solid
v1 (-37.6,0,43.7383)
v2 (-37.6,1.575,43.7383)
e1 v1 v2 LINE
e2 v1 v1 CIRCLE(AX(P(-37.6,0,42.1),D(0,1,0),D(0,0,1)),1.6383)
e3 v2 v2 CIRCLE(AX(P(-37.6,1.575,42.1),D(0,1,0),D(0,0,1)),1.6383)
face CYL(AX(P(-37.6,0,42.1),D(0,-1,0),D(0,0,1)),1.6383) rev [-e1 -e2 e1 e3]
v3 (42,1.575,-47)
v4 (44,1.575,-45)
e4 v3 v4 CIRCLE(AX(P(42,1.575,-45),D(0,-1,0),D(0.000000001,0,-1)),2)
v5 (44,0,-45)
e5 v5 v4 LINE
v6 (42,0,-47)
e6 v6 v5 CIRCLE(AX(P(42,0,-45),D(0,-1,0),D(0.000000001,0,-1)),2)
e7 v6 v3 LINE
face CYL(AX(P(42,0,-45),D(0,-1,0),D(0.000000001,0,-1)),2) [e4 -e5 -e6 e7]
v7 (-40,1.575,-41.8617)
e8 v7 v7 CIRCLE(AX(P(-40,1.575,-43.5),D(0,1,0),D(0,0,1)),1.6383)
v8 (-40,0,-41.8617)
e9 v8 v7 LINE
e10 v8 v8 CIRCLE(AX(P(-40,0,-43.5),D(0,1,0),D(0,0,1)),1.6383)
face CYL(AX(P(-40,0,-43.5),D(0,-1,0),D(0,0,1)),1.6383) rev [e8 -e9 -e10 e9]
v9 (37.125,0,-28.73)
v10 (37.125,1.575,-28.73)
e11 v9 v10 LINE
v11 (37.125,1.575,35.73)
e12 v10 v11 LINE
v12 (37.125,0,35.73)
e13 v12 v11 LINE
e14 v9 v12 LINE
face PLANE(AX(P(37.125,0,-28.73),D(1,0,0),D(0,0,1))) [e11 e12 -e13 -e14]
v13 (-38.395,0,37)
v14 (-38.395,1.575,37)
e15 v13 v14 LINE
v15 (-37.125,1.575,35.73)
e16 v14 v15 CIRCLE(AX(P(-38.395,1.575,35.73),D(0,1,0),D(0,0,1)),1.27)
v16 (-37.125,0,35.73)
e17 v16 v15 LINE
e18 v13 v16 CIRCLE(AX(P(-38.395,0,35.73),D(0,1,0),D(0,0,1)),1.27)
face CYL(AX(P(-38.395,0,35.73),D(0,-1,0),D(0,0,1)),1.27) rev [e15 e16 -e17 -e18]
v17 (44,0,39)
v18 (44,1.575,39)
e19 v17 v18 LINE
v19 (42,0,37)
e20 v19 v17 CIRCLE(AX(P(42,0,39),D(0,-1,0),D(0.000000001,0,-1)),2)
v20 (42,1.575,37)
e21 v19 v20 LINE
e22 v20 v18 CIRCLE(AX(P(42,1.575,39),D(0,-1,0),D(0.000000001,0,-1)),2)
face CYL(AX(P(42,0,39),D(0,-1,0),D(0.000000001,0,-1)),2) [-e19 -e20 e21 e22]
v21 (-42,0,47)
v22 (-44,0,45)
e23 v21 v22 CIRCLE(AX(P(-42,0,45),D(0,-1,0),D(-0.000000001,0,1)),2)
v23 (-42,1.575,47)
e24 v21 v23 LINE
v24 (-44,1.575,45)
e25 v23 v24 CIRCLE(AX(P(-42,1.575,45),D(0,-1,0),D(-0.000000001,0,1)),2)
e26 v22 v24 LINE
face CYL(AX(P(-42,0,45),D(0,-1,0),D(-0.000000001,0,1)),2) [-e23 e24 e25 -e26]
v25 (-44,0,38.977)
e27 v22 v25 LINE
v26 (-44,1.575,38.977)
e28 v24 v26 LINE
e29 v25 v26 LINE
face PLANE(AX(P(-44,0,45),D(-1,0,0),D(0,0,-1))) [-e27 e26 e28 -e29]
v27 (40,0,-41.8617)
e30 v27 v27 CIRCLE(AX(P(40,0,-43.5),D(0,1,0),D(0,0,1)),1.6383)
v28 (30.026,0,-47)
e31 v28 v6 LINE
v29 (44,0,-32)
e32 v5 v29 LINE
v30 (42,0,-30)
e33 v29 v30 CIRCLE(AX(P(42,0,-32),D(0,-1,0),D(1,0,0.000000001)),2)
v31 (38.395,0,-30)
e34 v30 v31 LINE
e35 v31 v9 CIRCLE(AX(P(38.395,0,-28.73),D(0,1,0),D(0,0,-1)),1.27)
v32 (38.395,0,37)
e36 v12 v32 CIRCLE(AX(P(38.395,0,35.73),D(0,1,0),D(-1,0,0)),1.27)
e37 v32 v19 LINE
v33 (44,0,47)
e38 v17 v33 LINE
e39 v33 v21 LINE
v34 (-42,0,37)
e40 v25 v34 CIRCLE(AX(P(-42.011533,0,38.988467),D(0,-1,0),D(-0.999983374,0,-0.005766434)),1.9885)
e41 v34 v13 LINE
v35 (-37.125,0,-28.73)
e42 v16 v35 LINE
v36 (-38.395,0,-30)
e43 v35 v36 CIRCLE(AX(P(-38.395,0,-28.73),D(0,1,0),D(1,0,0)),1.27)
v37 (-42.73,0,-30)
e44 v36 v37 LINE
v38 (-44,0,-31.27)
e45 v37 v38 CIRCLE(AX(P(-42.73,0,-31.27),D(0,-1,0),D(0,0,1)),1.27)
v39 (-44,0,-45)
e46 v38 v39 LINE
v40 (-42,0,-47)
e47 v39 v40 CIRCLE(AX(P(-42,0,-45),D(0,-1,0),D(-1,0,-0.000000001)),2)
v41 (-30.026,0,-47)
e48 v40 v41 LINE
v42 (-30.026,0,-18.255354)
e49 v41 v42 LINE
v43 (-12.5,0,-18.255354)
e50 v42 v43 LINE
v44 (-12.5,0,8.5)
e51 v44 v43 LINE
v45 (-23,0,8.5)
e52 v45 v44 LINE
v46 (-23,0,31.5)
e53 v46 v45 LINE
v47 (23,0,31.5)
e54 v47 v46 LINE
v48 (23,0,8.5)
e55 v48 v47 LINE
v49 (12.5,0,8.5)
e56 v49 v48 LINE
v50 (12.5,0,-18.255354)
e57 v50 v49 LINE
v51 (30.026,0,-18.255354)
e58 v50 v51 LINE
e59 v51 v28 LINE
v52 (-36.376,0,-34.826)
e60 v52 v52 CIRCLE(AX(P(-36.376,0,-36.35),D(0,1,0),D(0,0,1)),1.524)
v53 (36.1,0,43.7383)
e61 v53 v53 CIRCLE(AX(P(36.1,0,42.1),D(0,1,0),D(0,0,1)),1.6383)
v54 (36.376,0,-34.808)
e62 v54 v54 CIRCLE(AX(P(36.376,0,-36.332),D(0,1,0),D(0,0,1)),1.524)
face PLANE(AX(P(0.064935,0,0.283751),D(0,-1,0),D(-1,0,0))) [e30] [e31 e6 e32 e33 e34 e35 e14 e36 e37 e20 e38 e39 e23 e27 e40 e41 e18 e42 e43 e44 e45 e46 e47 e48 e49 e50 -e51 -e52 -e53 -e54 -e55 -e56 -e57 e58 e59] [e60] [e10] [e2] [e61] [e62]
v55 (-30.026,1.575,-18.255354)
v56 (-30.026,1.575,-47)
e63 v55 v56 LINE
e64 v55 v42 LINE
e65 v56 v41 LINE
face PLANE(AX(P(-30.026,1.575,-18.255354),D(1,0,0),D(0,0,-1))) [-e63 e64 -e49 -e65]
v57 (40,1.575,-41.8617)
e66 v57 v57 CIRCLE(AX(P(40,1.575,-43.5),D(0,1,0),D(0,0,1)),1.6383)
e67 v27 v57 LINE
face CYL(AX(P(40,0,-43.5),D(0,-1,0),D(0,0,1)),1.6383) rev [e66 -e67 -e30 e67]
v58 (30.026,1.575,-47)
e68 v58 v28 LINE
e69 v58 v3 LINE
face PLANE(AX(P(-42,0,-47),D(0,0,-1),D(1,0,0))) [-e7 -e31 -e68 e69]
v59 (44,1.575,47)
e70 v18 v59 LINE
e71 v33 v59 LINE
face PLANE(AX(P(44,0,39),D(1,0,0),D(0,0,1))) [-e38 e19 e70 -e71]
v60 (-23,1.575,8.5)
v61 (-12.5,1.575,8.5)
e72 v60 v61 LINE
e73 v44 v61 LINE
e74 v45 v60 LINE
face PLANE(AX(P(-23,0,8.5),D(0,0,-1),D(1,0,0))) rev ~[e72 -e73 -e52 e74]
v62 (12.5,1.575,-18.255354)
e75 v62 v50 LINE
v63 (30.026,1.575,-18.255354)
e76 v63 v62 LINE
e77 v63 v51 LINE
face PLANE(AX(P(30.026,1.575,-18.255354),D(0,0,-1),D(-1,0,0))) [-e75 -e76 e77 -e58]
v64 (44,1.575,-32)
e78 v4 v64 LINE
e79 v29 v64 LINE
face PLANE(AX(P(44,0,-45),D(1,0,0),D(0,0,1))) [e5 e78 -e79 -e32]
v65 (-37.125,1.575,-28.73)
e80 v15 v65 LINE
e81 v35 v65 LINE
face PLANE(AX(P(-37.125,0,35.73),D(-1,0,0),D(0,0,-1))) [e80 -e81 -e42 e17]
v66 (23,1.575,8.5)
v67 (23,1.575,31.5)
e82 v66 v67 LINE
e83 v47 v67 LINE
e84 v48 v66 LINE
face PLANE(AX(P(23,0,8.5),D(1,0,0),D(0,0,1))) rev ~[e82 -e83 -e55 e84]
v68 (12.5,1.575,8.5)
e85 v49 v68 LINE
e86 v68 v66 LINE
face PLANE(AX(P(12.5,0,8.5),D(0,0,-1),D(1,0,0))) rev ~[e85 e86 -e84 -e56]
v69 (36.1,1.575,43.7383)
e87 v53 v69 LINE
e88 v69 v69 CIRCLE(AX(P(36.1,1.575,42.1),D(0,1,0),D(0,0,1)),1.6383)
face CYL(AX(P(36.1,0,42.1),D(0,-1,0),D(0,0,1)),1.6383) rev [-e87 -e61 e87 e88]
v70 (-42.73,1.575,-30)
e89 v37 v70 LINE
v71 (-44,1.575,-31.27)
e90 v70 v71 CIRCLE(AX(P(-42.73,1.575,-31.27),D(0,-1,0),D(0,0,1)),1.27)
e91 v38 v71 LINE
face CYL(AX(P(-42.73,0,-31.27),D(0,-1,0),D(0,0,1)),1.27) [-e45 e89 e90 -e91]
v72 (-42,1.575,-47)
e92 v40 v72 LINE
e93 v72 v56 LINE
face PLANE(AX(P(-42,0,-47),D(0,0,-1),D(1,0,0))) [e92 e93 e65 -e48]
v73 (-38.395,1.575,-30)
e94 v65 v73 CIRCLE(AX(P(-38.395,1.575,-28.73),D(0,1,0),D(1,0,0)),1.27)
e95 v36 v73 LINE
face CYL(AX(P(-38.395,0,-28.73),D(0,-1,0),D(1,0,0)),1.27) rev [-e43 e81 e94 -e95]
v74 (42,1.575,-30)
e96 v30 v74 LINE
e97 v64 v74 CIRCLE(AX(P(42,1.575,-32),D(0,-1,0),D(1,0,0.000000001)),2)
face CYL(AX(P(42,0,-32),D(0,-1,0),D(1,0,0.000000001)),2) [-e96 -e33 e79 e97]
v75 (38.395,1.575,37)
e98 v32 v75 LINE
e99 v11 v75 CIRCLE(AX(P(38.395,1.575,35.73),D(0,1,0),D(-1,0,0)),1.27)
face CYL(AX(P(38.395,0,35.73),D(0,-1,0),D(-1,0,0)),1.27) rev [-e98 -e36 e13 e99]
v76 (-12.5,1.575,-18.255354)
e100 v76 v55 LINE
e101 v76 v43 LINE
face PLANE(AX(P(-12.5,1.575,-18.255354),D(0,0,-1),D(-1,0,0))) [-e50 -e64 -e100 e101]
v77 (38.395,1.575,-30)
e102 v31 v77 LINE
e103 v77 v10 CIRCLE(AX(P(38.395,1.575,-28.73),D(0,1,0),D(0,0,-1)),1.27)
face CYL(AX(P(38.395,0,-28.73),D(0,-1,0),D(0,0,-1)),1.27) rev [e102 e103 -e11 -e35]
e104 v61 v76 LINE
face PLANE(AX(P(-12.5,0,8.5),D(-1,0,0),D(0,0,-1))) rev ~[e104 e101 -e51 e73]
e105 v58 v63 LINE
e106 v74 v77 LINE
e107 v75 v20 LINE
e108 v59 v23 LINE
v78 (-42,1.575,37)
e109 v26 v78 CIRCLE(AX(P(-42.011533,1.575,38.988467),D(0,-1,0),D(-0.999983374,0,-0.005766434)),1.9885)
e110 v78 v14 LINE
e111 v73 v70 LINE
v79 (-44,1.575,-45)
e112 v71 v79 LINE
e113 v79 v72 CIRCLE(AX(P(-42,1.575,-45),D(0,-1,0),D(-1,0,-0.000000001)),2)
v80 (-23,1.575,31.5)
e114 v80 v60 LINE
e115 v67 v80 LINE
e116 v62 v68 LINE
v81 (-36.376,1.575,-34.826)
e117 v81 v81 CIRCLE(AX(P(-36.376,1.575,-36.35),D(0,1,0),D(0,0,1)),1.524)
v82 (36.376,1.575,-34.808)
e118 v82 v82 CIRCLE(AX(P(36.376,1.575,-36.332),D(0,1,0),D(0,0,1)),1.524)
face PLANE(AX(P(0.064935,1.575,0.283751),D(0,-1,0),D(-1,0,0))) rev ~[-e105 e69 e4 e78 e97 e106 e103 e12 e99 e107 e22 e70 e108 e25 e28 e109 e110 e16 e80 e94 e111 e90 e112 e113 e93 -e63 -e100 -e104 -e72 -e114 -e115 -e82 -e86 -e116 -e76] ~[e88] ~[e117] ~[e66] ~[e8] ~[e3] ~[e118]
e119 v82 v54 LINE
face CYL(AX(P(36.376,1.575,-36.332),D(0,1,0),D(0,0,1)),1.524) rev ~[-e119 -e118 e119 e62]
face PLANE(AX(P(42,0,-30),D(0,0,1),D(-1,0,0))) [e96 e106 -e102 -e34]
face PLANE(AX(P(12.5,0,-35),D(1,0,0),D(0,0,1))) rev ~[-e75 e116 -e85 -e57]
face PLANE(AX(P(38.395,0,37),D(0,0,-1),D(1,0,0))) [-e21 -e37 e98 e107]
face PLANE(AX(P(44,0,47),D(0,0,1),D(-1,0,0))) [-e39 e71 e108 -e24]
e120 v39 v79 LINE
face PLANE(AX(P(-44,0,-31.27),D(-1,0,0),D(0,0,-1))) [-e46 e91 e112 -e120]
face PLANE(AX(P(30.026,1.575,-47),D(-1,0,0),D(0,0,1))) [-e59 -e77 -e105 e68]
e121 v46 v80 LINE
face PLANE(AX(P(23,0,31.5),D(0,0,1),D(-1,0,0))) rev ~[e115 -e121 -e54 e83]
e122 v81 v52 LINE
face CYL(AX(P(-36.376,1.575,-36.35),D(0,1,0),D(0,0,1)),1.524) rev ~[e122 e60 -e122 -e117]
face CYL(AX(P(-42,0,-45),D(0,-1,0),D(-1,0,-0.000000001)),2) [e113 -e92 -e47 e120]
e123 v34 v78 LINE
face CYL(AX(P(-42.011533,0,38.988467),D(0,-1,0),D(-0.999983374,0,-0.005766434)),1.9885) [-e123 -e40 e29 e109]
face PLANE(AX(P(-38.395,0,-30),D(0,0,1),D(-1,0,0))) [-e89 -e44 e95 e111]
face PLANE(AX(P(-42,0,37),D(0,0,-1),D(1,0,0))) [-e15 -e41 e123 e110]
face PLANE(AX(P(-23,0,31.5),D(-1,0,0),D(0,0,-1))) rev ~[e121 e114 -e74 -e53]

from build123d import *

# Parameters (mm, degrees)
SKETCH1_R           = 1.6383
BOSS_EXTRUDE1_DEPTH = 1.575
CUT_EXTRUDE1_DEPTH  = 2.54
SKETCH15_R          = 1.524
CUT_EXTRUDE5_DEPTH  = 1.575


with BuildPart() as part:
    # Sketch1 → Boss-Extrude1 (new body)
    with BuildSketch(Plane(origin=(0, 0, 0), x_dir=(1, 0, 0), z_dir=(0, 1, 0))):
        with BuildLine():
            Line((-38.395, 30), (-42.73, 30))
            ThreePointArc((-42.73, 30), (-43.628025612, 30.371974388), (-44, 31.27))
            Line((-44, 31.27), (-44, 45))
            ThreePointArc((-44, 45), (-43.414213562, 46.414213562), (-42, 47))
            Line((-42, 47), (42, 47))
            ThreePointArc((42, 47), (43.414213562, 46.414213562), (44, 45))
            Line((44, 45), (44, 32))
            ThreePointArc((44, 32), (43.414213562, 30.585786438), (42, 30))
            Line((42, 30), (38.395, 30))
            ThreePointArc((38.395, 30), (37.496974388, 29.628025612), (37.125, 28.73))
            Line((37.125, 28.73), (37.125, -35.73))
            ThreePointArc((37.125, -35.73), (37.496974388, -36.628025612), (38.395, -37))
            Line((38.395, -37), (42, -37))
            ThreePointArc((42, -37), (43.414213562, -37.585786438), (44, -39))
            Line((44, -39), (44, -47))
            Line((44, -47), (-42, -47))
            ThreePointArc((-42, -47), (-43.414213562, -46.414213562), (-44, -45))
            Line((-44, -45), (-44, -38.977))
            ThreePointArc((-44, -38.977), (-43.40945979, -37.574276641), (-42, -37))
            Line((-42, -37), (-38.395, -37))
            ThreePointArc((-38.395, -37), (-37.496974388, -36.628025612), (-37.125, -35.73))
            Line((-37.125, -35.73), (-37.125, 28.73))
            ThreePointArc((-37.125, 28.73), (-37.496974388, 29.628025612), (-38.395, 30))
        make_face()
        with Locations(Location((40, 43.5, 0), (0, 0, 270))):
            Circle(SKETCH1_R, mode=Mode.SUBTRACT)
        with Locations(Location((-40, 43.5, 0), (0, 0, 270))):
            Circle(SKETCH1_R, mode=Mode.SUBTRACT)
        with Locations(Location((-37.6, -42.1, 0), (0, 0, 270))):
            Circle(SKETCH1_R, mode=Mode.SUBTRACT)
        with Locations(Location((36.1, -42.1, 0), (0, 0, 270))):
            Circle(SKETCH1_R, mode=Mode.SUBTRACT)
        Polygon((23, -31.5), (-23, -31.5), (-23, -8.5), (-12.5, -8.5), (-12.5, 35), (12.5, 35), (12.5, -8.5), (23, -8.5), align=None, mode=Mode.SUBTRACT)
    extrude(amount=BOSS_EXTRUDE1_DEPTH)

    # Sketch2 → Cut-Extrude1 (cut)
    with BuildSketch(Plane(origin=(0, 1.575, 0), x_dir=(1, 0, 0), z_dir=(0, 1, 0))):
        Polygon((-12.5, 18.255354416), (-30.026, 18.255354416), (-30.026, 47), (30.026, 47), (30.026, 18.255354416), (12.5, 18.255354416), (12.5, 35), (-12.5, 35), align=None)
    extrude(amount=-CUT_EXTRUDE1_DEPTH, mode=Mode.SUBTRACT)

    # Sketch15 → Cut-Extrude5 (cut)
    with BuildSketch(Plane(origin=(0, 1.575, 0), x_dir=(1, 0, 0), z_dir=(0, 1, 0))):
        with Locations(Location((-36.376, 36.35, 0), (0, 0, 270))):
            Circle(SKETCH15_R)
        with Locations(Location((36.376, 36.332, 0), (0, 0, 270))):
            Circle(SKETCH15_R)
    extrude(amount=-CUT_EXTRUDE5_DEPTH, mode=Mode.SUBTRACT)


solid = part.part
